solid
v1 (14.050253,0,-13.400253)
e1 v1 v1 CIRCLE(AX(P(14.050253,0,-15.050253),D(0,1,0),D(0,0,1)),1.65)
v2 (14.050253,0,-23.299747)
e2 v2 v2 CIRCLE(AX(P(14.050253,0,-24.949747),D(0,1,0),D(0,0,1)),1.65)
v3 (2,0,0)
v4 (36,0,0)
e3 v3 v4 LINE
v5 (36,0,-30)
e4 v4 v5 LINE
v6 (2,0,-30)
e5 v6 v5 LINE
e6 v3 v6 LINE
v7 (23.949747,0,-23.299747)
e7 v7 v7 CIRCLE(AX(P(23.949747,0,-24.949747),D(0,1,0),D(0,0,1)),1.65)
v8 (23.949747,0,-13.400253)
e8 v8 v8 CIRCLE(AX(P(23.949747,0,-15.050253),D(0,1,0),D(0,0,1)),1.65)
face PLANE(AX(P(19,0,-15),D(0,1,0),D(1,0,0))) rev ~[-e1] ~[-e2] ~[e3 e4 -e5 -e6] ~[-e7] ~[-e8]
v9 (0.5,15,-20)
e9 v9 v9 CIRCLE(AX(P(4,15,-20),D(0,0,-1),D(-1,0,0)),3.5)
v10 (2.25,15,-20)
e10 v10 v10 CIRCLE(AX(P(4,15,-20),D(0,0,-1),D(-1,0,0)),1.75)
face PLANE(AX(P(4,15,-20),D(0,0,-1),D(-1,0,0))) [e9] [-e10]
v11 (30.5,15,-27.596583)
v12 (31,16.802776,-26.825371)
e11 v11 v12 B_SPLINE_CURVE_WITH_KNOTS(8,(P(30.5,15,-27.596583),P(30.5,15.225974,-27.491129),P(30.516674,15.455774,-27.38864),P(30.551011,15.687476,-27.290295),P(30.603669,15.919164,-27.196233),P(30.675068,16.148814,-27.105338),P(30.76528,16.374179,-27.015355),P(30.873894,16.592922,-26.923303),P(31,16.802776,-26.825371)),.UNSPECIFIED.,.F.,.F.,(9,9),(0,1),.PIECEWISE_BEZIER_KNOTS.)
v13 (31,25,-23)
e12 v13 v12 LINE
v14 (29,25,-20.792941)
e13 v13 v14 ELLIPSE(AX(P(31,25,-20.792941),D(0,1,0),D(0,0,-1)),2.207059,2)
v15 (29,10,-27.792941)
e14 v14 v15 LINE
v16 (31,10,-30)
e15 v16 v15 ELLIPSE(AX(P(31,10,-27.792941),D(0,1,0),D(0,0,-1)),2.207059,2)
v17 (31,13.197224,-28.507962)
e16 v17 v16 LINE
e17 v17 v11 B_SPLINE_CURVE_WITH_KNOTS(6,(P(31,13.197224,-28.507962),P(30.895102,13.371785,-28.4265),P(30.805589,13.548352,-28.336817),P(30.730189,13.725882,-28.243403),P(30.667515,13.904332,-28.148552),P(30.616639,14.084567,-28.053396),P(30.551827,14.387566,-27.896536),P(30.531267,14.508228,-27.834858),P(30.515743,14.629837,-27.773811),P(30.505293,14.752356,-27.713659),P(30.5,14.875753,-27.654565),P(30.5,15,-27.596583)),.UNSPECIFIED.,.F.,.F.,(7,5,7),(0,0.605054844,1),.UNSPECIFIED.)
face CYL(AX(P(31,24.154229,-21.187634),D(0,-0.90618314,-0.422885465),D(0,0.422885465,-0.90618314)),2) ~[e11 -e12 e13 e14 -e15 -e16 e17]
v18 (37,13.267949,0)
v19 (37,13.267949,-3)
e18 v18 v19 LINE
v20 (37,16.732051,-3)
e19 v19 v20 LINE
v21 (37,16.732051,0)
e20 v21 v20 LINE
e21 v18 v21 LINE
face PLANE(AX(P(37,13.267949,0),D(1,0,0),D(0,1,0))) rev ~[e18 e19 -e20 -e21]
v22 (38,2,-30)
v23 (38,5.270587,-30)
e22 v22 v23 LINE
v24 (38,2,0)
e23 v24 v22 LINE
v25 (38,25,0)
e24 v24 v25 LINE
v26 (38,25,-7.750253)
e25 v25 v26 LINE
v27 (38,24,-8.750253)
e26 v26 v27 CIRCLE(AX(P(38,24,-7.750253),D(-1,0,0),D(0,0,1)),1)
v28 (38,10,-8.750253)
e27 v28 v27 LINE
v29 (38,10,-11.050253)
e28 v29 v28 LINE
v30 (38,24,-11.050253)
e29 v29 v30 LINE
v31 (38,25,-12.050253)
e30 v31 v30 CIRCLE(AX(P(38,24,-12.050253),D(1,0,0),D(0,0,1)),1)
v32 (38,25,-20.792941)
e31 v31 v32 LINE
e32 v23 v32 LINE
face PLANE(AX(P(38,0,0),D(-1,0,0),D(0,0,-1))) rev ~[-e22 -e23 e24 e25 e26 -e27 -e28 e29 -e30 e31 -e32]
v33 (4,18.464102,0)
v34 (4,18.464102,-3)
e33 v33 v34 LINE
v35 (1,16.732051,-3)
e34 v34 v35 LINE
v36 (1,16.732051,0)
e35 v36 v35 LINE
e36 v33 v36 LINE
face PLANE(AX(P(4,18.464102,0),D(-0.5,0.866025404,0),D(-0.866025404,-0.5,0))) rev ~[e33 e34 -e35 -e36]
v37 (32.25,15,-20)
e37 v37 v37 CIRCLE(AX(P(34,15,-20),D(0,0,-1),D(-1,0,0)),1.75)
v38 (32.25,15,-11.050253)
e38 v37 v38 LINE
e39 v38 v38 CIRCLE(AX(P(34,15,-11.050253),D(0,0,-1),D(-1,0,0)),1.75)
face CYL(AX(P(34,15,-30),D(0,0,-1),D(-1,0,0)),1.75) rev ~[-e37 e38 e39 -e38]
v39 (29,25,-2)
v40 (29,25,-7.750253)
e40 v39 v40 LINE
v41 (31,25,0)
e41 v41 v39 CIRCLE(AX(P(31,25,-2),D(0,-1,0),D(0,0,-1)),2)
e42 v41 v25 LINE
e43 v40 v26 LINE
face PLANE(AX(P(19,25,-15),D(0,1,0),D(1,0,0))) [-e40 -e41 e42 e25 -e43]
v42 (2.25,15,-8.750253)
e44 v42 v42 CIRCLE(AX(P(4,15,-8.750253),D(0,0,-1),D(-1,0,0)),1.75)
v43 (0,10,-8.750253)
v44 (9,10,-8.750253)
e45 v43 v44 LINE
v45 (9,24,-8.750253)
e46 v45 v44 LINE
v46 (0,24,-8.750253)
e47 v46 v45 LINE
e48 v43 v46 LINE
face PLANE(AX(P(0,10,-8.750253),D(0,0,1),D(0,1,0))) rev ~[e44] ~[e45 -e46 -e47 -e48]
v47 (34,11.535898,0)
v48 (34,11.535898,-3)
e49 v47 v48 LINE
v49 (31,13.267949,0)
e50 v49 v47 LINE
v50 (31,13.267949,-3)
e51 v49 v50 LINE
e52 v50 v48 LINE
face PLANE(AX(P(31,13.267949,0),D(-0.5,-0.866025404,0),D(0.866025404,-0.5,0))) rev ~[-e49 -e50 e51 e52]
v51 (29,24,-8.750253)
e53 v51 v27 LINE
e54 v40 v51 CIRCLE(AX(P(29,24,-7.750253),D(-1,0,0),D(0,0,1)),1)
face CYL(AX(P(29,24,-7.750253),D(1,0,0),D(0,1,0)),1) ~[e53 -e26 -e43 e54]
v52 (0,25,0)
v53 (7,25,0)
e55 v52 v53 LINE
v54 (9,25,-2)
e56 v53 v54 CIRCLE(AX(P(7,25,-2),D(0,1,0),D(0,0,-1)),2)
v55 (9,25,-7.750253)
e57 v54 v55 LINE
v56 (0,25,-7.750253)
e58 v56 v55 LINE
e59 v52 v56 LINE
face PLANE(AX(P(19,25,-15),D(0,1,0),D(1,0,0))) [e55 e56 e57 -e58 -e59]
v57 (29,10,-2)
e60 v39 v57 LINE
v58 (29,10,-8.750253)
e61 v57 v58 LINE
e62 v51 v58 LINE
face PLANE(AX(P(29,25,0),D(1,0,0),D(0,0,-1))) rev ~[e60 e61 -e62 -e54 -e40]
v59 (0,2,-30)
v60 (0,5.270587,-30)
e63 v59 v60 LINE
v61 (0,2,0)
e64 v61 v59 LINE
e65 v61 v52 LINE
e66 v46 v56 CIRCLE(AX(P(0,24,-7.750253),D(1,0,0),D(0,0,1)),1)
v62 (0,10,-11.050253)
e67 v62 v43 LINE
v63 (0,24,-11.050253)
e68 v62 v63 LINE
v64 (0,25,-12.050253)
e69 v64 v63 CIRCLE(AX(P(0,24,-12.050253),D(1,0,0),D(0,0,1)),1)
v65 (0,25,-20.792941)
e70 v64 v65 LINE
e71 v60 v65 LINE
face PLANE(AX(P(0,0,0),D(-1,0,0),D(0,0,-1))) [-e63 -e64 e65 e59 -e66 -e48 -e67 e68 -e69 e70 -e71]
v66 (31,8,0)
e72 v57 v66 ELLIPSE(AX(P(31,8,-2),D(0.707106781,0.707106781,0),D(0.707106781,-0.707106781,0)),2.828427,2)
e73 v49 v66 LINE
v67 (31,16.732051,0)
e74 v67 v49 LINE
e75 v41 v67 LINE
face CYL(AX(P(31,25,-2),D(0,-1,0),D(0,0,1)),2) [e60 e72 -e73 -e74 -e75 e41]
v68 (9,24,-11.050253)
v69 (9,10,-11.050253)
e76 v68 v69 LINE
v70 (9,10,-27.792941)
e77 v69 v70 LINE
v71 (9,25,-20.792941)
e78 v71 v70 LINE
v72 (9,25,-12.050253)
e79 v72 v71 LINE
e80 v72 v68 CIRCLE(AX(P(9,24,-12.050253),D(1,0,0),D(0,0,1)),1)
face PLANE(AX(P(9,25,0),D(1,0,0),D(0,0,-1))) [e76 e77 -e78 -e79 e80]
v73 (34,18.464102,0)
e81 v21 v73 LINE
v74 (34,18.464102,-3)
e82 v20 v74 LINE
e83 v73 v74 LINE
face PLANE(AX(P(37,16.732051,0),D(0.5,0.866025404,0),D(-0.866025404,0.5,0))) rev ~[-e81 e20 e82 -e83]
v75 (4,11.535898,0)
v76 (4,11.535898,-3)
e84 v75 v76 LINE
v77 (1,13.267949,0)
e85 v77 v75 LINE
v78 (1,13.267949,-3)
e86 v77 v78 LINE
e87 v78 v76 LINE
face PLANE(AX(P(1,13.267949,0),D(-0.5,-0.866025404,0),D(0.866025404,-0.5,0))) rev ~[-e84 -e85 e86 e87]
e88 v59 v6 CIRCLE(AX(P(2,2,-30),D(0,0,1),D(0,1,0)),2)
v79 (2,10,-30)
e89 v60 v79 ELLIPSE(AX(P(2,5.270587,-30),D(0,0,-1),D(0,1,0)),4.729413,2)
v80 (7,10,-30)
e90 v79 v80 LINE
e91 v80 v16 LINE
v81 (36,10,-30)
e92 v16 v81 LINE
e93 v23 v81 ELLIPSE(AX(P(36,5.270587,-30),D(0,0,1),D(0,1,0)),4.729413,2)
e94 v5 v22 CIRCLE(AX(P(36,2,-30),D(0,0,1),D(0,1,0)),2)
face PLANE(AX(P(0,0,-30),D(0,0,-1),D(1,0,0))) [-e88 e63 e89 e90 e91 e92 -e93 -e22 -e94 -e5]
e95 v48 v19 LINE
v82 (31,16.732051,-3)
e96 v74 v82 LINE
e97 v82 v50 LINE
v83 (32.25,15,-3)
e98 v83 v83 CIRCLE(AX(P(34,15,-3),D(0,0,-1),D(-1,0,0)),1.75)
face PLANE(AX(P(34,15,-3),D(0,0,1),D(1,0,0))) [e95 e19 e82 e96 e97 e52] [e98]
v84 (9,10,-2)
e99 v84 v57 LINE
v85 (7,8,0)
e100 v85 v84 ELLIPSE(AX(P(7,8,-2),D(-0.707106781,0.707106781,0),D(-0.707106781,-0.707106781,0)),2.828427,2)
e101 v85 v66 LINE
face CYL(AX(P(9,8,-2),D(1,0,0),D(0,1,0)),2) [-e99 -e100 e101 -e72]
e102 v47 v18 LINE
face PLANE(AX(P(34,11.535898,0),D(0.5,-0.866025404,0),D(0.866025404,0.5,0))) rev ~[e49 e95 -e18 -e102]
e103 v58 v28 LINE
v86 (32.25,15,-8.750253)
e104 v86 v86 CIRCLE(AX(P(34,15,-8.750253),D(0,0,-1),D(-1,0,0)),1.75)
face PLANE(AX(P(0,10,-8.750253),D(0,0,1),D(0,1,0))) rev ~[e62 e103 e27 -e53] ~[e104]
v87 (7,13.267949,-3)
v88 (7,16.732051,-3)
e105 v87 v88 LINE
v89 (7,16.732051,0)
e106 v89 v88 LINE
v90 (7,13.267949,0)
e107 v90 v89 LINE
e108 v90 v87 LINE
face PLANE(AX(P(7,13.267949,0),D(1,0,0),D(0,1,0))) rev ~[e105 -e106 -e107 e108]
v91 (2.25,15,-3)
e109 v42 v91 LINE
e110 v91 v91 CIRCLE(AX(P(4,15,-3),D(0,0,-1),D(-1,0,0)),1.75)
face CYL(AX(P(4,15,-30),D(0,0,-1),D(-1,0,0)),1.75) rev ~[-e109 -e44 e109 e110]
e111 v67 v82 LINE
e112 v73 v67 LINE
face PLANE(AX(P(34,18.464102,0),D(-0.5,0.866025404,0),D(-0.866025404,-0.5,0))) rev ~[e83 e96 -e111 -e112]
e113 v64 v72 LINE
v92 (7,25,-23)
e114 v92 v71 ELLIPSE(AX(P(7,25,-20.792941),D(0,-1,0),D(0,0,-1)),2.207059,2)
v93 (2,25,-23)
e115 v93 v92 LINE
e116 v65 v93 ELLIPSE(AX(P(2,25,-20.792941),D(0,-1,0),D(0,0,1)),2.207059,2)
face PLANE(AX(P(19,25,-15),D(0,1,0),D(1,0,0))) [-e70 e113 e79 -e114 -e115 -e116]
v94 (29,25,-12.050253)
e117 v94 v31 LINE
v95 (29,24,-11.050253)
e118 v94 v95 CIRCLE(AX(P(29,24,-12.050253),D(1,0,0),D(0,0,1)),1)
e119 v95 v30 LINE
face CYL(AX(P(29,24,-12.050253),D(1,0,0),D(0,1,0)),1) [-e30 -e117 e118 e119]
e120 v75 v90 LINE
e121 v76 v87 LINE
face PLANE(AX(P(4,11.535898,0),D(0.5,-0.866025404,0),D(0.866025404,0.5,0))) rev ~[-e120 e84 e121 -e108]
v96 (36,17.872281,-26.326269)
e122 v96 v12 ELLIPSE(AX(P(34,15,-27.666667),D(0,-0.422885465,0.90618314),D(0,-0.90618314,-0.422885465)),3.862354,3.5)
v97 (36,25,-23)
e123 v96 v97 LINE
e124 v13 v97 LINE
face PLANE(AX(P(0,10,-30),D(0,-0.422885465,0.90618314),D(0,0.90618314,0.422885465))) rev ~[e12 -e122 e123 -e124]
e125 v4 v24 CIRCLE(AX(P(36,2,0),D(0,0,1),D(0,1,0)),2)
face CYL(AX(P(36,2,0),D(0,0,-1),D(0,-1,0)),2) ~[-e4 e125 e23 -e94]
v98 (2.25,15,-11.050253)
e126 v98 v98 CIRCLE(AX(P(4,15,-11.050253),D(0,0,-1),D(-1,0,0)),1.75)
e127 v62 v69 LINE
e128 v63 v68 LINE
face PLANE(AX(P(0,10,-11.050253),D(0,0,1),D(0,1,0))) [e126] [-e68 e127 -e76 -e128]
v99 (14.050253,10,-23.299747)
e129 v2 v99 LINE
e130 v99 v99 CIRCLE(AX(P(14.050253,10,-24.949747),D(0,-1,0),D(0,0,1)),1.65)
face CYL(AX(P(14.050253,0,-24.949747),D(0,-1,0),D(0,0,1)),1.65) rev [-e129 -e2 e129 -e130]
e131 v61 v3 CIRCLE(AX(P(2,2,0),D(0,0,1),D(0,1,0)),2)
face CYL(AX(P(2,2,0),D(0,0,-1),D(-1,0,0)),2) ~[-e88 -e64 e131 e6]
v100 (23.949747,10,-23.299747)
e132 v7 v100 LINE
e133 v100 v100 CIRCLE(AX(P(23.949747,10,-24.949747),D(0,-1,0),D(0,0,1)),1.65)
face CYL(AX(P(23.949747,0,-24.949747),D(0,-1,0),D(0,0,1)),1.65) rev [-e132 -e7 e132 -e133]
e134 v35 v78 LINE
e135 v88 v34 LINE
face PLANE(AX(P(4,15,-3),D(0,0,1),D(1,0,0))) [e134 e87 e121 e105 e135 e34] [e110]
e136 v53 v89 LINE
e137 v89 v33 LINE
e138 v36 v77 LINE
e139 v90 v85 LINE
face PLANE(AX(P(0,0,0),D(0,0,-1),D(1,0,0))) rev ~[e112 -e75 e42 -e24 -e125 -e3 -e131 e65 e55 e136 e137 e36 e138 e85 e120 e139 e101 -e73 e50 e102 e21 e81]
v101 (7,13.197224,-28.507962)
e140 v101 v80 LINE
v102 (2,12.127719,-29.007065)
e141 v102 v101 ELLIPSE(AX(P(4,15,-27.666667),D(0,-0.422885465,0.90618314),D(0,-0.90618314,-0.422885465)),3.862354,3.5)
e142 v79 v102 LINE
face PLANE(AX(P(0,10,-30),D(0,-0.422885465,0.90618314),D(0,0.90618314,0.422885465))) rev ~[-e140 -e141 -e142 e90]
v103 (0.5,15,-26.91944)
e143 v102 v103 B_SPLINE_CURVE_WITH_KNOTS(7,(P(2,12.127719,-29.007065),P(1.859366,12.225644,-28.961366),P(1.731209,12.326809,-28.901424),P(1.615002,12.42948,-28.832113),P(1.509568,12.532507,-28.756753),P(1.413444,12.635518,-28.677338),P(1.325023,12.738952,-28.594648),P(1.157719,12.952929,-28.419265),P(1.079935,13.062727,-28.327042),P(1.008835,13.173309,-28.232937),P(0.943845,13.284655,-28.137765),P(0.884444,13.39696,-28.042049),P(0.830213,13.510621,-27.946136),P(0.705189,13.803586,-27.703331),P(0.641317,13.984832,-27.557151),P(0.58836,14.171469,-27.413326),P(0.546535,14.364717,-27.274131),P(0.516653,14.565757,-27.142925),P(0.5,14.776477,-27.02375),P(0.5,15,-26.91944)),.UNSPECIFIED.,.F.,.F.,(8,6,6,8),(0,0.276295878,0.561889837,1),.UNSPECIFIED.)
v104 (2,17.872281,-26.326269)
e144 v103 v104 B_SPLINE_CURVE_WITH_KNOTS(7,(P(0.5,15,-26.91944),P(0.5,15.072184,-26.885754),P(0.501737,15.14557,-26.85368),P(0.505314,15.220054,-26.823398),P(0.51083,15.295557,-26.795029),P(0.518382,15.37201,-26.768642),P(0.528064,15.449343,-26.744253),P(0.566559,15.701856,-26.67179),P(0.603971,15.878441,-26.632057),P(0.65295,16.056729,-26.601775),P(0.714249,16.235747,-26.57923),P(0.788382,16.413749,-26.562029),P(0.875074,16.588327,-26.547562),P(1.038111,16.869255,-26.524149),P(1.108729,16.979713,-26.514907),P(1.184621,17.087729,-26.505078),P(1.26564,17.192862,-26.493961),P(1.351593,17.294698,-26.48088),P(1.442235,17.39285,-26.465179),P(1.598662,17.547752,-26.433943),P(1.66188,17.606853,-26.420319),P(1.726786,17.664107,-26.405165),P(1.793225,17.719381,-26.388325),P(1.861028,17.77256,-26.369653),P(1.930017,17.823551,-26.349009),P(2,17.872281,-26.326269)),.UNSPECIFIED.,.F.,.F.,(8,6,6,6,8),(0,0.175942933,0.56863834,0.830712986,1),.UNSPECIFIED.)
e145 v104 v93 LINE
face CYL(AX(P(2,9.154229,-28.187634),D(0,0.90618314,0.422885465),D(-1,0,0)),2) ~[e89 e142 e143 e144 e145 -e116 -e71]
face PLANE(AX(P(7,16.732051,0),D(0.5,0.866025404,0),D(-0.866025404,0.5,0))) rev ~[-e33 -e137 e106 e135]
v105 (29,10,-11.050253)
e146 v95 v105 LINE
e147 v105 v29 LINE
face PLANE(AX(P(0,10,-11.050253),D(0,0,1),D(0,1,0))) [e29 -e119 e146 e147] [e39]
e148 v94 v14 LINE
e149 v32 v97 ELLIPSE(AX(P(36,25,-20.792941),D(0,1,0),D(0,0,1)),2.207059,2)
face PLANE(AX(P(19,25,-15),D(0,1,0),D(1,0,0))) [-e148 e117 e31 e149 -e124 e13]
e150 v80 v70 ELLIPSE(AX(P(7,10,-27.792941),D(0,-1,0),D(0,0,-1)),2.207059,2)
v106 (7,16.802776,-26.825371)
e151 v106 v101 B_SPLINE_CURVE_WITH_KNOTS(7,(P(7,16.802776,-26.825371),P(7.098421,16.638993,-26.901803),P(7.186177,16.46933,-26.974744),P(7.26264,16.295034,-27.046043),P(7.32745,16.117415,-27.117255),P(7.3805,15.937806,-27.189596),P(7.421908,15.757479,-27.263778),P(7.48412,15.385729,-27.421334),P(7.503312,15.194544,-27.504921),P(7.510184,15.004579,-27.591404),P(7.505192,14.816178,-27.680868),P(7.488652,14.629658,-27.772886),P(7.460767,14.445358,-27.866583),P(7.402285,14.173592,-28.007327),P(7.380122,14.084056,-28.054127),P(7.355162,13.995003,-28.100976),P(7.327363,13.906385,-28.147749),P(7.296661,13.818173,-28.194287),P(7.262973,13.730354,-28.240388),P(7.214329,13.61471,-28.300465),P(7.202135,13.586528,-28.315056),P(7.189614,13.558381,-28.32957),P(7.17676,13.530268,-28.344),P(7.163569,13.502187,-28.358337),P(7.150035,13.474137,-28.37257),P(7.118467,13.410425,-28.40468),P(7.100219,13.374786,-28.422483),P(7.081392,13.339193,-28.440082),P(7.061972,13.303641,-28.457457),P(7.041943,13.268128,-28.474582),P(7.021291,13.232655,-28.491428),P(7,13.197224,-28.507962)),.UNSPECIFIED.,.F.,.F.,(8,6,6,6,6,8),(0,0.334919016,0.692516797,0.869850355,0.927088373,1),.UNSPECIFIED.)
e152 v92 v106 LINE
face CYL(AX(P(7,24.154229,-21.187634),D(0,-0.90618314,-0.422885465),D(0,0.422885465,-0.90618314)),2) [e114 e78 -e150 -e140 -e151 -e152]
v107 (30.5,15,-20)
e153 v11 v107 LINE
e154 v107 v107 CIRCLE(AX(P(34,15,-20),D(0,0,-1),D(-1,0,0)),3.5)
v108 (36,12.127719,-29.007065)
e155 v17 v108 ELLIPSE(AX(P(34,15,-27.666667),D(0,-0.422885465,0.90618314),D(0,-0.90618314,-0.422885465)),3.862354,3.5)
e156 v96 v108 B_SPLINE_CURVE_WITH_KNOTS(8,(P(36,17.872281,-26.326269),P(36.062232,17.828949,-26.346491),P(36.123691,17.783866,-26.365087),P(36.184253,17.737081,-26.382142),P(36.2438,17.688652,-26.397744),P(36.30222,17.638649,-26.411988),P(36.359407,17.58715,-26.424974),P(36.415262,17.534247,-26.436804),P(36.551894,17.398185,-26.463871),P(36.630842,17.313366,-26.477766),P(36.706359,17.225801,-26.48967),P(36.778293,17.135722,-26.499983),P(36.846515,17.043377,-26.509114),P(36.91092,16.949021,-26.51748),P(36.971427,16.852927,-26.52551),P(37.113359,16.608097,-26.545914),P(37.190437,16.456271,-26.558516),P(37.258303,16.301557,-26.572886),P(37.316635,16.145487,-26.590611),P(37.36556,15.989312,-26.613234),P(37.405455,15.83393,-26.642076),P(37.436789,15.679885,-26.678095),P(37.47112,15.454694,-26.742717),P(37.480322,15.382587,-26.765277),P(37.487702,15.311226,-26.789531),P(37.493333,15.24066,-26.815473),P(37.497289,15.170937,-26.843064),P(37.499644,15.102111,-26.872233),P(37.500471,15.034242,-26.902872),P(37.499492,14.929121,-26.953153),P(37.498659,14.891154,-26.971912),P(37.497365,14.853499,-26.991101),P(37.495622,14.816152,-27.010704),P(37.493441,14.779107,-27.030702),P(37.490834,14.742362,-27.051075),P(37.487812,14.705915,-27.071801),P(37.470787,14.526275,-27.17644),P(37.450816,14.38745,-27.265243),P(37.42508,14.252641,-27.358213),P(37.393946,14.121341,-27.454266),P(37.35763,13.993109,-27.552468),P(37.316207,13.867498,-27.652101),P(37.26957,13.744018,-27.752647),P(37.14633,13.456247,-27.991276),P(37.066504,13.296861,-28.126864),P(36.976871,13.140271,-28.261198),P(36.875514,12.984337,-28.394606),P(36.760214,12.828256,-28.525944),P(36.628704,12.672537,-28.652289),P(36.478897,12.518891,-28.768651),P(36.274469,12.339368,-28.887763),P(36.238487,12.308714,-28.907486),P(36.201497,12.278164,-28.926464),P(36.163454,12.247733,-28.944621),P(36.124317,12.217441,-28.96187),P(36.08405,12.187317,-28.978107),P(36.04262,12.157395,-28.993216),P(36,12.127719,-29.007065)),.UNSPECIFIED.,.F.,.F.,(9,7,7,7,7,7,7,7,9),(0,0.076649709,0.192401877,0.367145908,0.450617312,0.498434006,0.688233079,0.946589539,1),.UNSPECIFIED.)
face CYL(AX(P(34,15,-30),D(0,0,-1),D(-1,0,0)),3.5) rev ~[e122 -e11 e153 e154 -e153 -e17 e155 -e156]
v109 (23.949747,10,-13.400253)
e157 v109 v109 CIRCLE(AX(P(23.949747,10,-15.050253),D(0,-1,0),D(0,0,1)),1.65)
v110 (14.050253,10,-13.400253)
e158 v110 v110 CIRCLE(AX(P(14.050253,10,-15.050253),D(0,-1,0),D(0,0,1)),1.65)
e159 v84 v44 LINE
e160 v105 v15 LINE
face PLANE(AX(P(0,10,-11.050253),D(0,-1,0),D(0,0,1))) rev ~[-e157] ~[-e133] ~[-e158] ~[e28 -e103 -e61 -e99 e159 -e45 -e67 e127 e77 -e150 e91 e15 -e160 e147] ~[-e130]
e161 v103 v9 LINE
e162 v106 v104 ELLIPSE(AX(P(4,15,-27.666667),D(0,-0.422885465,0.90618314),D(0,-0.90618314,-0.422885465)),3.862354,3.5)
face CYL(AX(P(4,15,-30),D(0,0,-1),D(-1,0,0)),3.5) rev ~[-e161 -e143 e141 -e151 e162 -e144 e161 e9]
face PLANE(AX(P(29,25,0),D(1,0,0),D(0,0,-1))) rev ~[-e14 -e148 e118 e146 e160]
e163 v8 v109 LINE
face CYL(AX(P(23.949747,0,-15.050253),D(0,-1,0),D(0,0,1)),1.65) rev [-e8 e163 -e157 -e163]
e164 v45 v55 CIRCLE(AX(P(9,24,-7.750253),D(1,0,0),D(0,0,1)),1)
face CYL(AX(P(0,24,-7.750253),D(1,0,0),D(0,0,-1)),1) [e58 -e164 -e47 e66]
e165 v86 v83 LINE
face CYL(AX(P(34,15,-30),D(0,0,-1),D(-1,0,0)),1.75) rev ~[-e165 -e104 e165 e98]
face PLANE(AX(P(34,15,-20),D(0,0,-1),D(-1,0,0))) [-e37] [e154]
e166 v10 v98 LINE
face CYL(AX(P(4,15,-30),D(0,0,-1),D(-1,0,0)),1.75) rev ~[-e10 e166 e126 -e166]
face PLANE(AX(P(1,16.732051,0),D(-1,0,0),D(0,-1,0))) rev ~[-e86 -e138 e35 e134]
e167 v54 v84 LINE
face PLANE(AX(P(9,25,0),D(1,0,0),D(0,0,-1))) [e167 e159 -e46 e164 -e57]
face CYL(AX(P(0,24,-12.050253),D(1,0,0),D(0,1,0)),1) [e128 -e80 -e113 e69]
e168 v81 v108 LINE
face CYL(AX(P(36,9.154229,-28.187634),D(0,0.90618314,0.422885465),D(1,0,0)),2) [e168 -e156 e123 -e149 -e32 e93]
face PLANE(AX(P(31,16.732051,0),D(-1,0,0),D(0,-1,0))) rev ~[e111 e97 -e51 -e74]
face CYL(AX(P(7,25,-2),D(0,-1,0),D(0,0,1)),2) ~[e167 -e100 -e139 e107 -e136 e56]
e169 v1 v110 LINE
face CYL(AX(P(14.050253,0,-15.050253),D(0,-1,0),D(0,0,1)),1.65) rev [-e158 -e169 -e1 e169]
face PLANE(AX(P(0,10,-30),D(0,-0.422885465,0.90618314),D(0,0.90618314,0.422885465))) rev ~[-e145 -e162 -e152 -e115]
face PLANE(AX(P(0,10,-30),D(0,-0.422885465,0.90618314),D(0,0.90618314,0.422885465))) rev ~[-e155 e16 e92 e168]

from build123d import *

# Parameters (mm, degrees)
SKETCH_1_W             = 38
SKETCH_1_H             = 30
SKETCH_1_R             = 1.65
EXTRUDE_694_DEPTH      = 25
SKETCH_3_W             = 20
SKETCH_3_H             = 30
CUT_EXTRUDE_926_DEPTH  = 15
SKETCH_4_W             = 2.3
SKETCH_4_H             = 15
CUT_EXTRUDE_1406_DEPTH = 55.488530903
FILLET_3_R             = 1
FILLET_4_R             = 2
SKETCH_6_R             = 1.75
CUT_EXTRUDE_2902_DEPTH = 55.488530903
SKETCH_7_R             = 3.5
CUT_EXTRUDE_3145_DEPTH = 10
CUT_EXTRUDE_3527_DEPTH = 3


with BuildPart() as part:
    # Эскиз1 → Extrude 694 (new body)
    with BuildSketch(Plane(origin=(0, 0, 0), x_dir=(1, 0, 0), z_dir=(0, 1, 0))):
        with Locations((19, 15)):
            Rectangle(SKETCH_1_W, SKETCH_1_H)
        with Locations(Location((14.050252532, 24.949747468, 0), (0, 0, 270))):
            Circle(SKETCH_1_R, mode=Mode.SUBTRACT)
        with Locations(Location((23.949747468, 24.949747468, 0), (0, 0, 270))):
            Circle(SKETCH_1_R, mode=Mode.SUBTRACT)
        with Locations(Location((23.949747468, 15.050252532, 0), (0, 0, 270))):
            Circle(SKETCH_1_R, mode=Mode.SUBTRACT)
        with Locations(Location((14.050252532, 15.050252532, 0), (0, 0, 270))):
            Circle(SKETCH_1_R, mode=Mode.SUBTRACT)
    extrude(amount=EXTRUDE_694_DEPTH)

    # Эскиз3 → Cut-Extrude 926 (cut)
    with BuildSketch(Plane(origin=(0, 25, 0), x_dir=(1, 0, 0), z_dir=(0, 1, 0))):
        with Locations((19, 15)):
            Rectangle(SKETCH_3_W, SKETCH_3_H)
    extrude(amount=-CUT_EXTRUDE_926_DEPTH, mode=Mode.SUBTRACT)

    # Эскиз4 → Cut-Extrude 1406 (cut, through all)
    with BuildSketch(Plane.ZY):
        Polygon((-30, 10), (-23, 25), (-30, 25), align=None)
        with Locations((-9.900252532, 17.5)):
            Rectangle(SKETCH_4_W, SKETCH_4_H)
    extrude(amount=-CUT_EXTRUDE_1406_DEPTH, mode=Mode.SUBTRACT)

    # Скругление3
    fillet_3_edges = [part.edges().sort_by_distance(p)[0] for p in [
        (4.5, 25, -11.050252532),
        (33.5, 25, -11.050252532),
        (4.5, 25, -8.750252532),
        (33.5, 25, -8.750252532),
    ]]
    fillet(fillet_3_edges, radius=FILLET_3_R)

    # Скругление4
    fillet_4_edges = [part.edges().sort_by_distance(p)[0] for p in [
        (9, 17.5, 0),
        (19, 10, 0),
        (29, 17.5, 0),
        (38, 0, -15),
        (0, 0, -15),
        (9, 17.5, -26.5),
        (29, 17.5, -26.5),
        (38, 17.5, -26.5),
        (0, 17.5, -26.5),
    ]]
    fillet(fillet_4_edges, radius=FILLET_4_R)

    # Эскиз6 → Cut-Extrude 2902 (cut, through all)
    with BuildSketch(Plane(origin=(0, 0, -30), x_dir=(-1, 0, 0), z_dir=(0, 0, -1))):
        with Locations((-34, 15)):
            Circle(SKETCH_6_R)
        with Locations((-4, 15)):
            Circle(SKETCH_6_R)
    extrude(amount=-CUT_EXTRUDE_2902_DEPTH, mode=Mode.SUBTRACT)

    # Эскиз7 → Cut-Extrude 3145 (cut)
    with BuildSketch(Plane(origin=(0, 0, -30), x_dir=(-1, 0, 0), z_dir=(0, 0, -1))):
        with Locations((-34, 15)):
            Circle(SKETCH_7_R)
        with Locations((-4, 15)):
            Circle(SKETCH_7_R)
    extrude(amount=-CUT_EXTRUDE_3145_DEPTH, mode=Mode.SUBTRACT)

    # Эскиз8 → Cut-Extrude 3527 (cut)
    with BuildSketch(Plane.XY):
        Polygon((7, 13.267949192), (7, 16.732050808), (4, 18.464101615), (1, 16.732050808), (1, 13.267949192), (4, 11.535898385), align=None)
        Polygon((34, 18.464101615), (31, 16.732050808), (31, 13.267949192), (34, 11.535898385), (37, 13.267949192), (37, 16.732050808), align=None)
    extrude(amount=-CUT_EXTRUDE_3527_DEPTH, mode=Mode.SUBTRACT)


solid = part.part
